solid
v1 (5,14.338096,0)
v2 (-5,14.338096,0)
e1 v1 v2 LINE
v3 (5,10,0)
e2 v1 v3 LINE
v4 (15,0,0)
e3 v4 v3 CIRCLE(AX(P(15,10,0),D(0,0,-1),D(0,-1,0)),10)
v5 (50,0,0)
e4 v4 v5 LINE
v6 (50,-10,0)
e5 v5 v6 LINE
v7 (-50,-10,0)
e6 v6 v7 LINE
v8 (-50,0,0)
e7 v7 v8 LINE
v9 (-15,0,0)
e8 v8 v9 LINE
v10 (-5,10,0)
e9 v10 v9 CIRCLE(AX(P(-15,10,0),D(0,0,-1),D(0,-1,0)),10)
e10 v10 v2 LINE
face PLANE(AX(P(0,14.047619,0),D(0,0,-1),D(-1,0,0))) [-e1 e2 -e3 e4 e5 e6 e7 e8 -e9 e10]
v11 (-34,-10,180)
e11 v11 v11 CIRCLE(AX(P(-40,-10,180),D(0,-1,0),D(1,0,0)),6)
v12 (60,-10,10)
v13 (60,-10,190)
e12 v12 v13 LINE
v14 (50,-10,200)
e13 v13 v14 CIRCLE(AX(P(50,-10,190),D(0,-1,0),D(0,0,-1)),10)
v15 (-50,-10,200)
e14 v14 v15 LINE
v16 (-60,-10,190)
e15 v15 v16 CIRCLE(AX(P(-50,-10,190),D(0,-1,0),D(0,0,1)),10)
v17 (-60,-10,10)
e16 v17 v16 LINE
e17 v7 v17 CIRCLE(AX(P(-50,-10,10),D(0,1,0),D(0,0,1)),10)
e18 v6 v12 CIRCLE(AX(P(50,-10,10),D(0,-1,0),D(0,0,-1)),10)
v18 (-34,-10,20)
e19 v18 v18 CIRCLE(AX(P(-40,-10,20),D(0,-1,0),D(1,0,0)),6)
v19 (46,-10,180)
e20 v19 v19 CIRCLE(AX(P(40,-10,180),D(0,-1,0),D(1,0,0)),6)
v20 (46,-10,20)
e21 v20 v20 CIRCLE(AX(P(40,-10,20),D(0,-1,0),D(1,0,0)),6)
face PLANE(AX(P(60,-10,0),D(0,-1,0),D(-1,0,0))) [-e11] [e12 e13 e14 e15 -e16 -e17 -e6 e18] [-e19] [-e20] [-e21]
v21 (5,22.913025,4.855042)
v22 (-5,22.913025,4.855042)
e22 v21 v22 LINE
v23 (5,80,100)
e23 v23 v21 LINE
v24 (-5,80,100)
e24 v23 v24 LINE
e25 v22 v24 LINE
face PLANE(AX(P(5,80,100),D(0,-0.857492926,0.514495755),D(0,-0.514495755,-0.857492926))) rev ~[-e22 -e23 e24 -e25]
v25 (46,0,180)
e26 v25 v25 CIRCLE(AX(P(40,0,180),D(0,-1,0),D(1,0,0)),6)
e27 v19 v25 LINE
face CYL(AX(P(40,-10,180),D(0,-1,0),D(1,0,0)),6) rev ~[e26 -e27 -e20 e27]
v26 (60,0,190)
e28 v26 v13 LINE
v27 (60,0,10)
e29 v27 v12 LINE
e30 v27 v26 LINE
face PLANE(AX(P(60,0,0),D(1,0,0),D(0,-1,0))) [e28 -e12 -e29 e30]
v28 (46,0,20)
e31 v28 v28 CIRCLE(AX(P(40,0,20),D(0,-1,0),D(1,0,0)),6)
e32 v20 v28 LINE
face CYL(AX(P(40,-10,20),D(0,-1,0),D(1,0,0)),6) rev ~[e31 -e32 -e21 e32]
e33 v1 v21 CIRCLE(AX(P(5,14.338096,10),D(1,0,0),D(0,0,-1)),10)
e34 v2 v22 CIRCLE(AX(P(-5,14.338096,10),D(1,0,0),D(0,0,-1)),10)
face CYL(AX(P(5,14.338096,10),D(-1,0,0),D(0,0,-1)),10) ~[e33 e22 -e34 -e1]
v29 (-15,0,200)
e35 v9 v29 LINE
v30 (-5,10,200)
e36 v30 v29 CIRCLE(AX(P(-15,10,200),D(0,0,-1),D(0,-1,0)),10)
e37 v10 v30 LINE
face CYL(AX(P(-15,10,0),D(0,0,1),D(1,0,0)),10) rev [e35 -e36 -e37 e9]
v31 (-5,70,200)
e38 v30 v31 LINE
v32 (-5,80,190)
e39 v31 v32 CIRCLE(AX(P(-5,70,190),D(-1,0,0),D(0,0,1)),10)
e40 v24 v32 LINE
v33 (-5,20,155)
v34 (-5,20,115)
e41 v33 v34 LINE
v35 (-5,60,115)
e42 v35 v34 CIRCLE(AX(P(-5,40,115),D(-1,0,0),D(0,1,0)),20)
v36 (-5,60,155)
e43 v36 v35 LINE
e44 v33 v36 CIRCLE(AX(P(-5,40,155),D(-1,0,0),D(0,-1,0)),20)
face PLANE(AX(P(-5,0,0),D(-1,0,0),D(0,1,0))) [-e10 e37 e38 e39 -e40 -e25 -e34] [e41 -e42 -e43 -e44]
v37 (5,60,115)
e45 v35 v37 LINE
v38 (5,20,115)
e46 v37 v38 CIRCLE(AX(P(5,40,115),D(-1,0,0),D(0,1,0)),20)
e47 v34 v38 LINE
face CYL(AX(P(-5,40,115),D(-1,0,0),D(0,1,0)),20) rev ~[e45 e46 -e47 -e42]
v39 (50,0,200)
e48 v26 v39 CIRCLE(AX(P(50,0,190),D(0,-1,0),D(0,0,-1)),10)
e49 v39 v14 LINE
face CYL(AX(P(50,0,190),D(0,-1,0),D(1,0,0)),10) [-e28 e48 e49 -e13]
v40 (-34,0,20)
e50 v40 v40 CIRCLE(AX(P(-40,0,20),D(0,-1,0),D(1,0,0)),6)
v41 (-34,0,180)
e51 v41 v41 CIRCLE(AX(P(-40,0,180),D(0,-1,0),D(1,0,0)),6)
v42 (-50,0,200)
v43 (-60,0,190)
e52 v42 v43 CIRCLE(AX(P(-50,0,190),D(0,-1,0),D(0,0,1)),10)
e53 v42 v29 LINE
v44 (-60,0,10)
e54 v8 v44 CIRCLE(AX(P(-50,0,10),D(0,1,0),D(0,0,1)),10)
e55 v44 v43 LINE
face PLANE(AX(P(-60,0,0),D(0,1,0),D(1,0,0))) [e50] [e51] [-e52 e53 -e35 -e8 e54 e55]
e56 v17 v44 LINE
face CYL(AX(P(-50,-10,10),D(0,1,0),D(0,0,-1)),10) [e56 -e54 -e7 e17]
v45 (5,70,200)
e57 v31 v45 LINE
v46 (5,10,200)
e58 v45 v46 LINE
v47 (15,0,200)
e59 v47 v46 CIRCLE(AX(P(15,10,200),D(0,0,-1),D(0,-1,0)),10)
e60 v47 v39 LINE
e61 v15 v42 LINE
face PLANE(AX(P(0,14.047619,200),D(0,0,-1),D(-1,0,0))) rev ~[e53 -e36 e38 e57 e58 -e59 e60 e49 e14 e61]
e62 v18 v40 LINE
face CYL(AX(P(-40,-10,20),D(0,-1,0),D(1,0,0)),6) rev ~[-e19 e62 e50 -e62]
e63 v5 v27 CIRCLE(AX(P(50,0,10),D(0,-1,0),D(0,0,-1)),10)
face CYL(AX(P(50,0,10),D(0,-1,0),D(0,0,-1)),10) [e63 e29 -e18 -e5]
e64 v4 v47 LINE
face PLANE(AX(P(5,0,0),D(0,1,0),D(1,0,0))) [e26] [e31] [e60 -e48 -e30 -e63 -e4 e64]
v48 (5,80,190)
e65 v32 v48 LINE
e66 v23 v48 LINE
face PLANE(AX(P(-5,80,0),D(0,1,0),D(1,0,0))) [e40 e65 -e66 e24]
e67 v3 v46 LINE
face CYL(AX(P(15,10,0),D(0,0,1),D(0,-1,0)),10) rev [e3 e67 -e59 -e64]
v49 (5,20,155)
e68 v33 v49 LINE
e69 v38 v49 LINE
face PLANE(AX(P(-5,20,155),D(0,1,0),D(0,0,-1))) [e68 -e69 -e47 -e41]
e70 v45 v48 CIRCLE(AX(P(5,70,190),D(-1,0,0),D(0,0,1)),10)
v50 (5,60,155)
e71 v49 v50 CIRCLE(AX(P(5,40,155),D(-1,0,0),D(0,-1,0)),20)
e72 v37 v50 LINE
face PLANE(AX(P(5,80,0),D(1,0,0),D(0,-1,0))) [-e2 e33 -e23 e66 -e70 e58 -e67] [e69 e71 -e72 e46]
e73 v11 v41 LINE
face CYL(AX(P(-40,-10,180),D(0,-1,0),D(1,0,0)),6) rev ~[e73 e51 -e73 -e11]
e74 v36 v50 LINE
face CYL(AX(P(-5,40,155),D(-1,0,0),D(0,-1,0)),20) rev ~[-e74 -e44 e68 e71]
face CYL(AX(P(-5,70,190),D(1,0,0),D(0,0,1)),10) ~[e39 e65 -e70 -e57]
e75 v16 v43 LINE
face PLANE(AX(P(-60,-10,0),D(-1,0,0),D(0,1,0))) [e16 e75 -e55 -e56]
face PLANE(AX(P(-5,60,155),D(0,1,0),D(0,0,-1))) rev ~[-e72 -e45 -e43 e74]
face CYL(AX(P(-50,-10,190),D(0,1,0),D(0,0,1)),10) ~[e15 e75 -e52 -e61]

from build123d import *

# Parameters (mm, degrees)
PAD_DEPTH       = 200
POCKET_DEPTH    = 65.001
POCKET001_DEPTH = 65.001
SKETCH003_R     = 6
POCKET002_DEPTH = 90.001
FILLET_R        = 10
FILLET001_R     = 10


with BuildPart() as part:
    # Sketch → Pad (new body)
    with BuildSketch(Plane.XY):
        Polygon((60, 0), (60, -10), (-60, -10), (-60, 0), (-5, 0), (-5, 80), (5, 80), (5, 0), align=None)
    extrude(amount=PAD_DEPTH)

    # Sketch001 → Pocket (cut, through all)
    with BuildSketch(Plane.YZ.offset(5)):
        Polygon((20, 0), (80, 0), (80, 100), align=None)
    extrude(amount=-POCKET_DEPTH, mode=Mode.SUBTRACT)

    # Sketch002 → Pocket001 (cut, through all)
    with BuildSketch(Plane(origin=(-5, 0, 0), x_dir=(0, -1, 0), z_dir=(-1, 0, 0))):
        with BuildLine():
            ThreePointArc((-20, 155), (-40, 175), (-60, 155))
            Line((-60, 155), (-60, 115))
            ThreePointArc((-60, 115), (-40, 95), (-20, 115))
            Line((-20, 155), (-20, 115))
        make_face()
    extrude(amount=-POCKET001_DEPTH, mode=Mode.SUBTRACT)

    # Sketch003 → Pocket002 (cut, through all)
    with BuildSketch(Plane.XZ.offset(10)):
        with Locations((-40, 180)):
            Circle(SKETCH003_R)
        with Locations((40, 180)):
            Circle(SKETCH003_R)
        with Locations((-40, 20)):
            Circle(SKETCH003_R)
        with Locations((40, 20)):
            Circle(SKETCH003_R)
    extrude(amount=-POCKET002_DEPTH, mode=Mode.SUBTRACT)

    # Fillet
    fillet_edges = [part.edges().sort_by_distance(p)[0] for p in [
        (5, 0, 100),
        (-5, 0, 100),
    ]]
    fillet(fillet_edges, radius=FILLET_R)

    # Fillet001
    fillet001_edges = [part.edges().sort_by_distance(p)[0] for p in [
        (-60, -5, 200),
        (60, -5, 200),
        (60, -5, 0),
        (-60, -5, 0),
        (0, 20, 0),
        (0, 80, 200),
    ]]
    fillet(fillet001_edges, radius=FILLET001_R)


solid = part.part
